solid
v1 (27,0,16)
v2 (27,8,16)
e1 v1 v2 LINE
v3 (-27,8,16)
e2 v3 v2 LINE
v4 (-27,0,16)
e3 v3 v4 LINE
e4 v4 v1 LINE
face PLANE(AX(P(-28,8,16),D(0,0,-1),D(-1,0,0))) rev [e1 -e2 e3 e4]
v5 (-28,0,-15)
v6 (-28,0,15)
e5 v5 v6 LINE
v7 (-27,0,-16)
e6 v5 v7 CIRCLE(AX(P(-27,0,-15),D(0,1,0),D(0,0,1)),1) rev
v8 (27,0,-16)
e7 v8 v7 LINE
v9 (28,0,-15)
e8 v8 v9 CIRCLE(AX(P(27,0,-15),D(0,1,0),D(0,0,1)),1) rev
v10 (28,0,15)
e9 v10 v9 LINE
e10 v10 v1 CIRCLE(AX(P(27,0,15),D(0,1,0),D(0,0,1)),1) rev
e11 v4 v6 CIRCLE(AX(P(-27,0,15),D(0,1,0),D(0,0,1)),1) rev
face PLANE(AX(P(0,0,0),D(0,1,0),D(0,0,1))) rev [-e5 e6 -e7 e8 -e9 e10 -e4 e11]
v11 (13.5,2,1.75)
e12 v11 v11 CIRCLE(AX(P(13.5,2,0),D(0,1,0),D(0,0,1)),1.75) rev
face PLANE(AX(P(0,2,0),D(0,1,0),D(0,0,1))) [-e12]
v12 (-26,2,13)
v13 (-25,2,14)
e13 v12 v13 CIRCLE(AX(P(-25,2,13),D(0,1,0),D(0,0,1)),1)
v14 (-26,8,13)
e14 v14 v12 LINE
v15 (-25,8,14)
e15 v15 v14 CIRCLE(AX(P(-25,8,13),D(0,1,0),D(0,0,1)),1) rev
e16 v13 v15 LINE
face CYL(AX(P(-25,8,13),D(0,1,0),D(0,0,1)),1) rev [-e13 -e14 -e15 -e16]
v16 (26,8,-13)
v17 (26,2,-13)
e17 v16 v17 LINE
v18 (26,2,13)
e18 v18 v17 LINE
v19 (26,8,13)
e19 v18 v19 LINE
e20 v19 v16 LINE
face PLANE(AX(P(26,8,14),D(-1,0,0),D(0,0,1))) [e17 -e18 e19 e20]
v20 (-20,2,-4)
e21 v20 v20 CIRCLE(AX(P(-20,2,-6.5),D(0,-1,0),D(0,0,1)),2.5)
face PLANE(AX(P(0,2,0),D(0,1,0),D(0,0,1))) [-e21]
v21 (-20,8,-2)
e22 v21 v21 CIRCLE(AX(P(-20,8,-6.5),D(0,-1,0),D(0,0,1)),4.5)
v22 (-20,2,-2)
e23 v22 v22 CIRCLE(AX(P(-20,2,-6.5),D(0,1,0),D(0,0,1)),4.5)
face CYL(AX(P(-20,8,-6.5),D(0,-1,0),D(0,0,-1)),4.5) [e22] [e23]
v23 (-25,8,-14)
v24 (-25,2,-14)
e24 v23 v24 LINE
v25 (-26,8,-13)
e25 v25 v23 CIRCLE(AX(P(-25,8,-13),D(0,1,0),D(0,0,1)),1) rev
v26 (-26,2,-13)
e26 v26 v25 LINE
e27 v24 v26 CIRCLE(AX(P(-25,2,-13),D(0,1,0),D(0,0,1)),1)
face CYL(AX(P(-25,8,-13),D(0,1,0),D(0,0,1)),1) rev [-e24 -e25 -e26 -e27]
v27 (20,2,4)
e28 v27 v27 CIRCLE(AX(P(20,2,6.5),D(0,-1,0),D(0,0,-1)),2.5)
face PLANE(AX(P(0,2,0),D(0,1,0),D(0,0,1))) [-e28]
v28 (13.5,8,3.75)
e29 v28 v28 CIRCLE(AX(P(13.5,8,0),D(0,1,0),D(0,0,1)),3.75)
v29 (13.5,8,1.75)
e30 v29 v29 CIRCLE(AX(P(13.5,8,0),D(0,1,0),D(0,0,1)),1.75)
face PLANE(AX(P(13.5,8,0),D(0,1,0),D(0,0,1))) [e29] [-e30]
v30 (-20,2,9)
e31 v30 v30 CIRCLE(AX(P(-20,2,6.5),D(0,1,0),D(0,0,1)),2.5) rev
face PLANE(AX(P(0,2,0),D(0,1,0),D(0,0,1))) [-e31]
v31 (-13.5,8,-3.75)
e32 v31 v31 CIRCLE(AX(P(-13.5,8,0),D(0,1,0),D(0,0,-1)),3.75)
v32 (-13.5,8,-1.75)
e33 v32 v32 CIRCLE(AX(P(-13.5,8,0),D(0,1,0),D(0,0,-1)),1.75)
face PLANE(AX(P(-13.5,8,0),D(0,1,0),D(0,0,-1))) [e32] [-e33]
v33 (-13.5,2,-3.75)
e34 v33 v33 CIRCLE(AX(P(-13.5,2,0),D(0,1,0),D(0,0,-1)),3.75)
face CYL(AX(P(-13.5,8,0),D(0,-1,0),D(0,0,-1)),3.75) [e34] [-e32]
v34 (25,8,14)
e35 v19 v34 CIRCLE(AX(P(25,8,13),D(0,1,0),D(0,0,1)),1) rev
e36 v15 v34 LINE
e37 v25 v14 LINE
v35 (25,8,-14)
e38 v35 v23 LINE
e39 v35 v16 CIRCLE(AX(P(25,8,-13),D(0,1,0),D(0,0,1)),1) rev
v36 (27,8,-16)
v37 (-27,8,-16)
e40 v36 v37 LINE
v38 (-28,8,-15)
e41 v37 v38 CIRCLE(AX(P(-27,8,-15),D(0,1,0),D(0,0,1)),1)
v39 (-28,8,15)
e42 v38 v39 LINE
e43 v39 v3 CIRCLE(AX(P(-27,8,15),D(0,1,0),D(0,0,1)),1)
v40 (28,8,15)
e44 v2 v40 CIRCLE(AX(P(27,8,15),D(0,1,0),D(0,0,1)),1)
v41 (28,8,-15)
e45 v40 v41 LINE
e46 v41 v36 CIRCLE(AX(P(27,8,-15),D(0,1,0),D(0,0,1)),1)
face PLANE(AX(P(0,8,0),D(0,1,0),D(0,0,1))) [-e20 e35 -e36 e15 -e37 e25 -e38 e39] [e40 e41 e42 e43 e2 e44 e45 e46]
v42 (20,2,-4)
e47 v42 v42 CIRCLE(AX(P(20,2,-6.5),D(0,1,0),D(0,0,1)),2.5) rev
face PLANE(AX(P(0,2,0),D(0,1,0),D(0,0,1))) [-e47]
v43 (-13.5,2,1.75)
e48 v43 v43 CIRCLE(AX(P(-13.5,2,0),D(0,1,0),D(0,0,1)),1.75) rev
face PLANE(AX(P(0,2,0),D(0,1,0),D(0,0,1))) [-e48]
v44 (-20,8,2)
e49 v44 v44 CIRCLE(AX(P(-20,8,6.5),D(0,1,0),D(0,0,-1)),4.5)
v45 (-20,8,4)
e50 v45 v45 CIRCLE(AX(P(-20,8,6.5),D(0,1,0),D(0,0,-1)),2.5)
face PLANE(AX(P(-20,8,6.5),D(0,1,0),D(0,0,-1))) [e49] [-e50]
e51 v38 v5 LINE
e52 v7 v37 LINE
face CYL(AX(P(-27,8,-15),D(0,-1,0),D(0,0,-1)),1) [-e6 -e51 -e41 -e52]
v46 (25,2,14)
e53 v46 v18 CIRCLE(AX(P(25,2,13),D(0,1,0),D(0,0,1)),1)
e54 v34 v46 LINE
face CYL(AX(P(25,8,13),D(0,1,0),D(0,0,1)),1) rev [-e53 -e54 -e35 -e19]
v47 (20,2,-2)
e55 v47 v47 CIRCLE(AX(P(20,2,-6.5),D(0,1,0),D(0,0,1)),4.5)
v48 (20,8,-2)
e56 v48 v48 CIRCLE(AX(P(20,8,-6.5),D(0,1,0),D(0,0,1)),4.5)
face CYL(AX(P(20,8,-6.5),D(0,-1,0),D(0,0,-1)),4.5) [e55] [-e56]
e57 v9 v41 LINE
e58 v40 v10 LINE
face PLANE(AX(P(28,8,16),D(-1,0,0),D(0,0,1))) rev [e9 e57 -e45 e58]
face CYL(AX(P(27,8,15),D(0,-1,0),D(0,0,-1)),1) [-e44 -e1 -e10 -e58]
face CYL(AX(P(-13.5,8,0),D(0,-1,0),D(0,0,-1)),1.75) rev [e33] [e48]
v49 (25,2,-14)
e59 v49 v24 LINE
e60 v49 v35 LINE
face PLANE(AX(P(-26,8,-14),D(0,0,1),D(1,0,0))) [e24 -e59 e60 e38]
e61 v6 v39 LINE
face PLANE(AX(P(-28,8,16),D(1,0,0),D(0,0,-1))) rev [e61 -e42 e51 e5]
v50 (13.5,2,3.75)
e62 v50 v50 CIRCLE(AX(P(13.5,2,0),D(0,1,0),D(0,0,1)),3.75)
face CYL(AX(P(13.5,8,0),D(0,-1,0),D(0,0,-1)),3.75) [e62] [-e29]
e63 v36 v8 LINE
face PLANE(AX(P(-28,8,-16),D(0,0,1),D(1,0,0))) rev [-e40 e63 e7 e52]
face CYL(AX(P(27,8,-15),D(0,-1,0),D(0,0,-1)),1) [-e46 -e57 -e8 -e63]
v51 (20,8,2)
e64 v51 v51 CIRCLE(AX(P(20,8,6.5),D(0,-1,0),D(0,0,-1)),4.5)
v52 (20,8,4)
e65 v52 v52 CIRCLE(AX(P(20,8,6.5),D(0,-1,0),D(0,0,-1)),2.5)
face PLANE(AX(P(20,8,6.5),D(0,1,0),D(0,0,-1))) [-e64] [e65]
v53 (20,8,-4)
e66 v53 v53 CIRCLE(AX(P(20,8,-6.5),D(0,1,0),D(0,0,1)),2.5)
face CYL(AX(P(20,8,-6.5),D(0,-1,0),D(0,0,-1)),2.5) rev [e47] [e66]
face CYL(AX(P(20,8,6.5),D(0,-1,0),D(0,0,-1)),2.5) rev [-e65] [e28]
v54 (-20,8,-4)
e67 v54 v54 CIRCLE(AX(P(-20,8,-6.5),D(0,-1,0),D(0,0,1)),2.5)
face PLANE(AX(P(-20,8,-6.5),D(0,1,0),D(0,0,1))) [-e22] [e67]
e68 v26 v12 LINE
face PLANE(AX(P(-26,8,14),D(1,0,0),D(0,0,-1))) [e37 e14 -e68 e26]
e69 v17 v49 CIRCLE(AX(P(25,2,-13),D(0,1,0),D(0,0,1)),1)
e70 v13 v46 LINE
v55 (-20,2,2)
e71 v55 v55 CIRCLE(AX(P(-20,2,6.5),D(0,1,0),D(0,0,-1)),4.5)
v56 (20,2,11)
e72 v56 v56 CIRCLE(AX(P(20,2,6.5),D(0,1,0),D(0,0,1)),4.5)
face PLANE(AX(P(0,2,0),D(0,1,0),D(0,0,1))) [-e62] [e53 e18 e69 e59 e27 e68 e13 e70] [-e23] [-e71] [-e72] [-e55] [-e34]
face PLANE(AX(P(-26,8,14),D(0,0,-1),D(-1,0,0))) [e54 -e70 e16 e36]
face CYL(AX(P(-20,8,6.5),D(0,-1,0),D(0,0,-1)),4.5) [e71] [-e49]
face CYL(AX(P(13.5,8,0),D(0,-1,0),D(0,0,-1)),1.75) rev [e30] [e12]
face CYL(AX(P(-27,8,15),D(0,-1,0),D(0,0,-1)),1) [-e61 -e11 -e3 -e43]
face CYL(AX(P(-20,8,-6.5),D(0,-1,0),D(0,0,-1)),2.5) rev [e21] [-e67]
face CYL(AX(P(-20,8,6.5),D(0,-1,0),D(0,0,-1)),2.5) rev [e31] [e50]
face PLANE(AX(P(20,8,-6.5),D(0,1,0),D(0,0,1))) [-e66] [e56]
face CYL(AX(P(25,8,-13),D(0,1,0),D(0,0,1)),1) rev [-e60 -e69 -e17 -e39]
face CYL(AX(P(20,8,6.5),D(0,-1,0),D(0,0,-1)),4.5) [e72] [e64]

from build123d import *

# Parameters (mm, degrees)
SKETCH1_W                 = 56
SKETCH1_H                 = 32
SKETCH1_W_2               = 52
SKETCH1_H_2               = 28
BOSS_EXTRUDE1_DEPTH       = 8
SKETCH2_W                 = 56
SKETCH2_H                 = 32
BOSS_EXTRUDE2_DEPTH       = 2
SKETCH3_R                 = 3.75
SKETCH3_R_2               = 1.75
SKETCH3_R_3               = 4.5
SKETCH3_R_4               = 2.5
BOSS_EXTRUDE3_DEPTH       = 6
MIRROR2_COPY_1_SKETCH_R   = 3.75
MIRROR2_COPY_1_SKETCH_R_2 = 1.75
MIRROR2_COPY_1_SKETCH_R_3 = 4.5
MIRROR2_COPY_1_SKETCH_R_4 = 2.5
MIRROR2_COPY_1_DEPTH      = 6
FILLET1_R                 = 1


with BuildPart() as part:
    # Sketch1 → Boss-Extrude1 (new body)
    with BuildSketch(Plane(origin=(0, 0, 0), x_dir=(1, 0, 0), z_dir=(0, 1, 0))):
        Rectangle(SKETCH1_W, SKETCH1_H)
        Rectangle(SKETCH1_W_2, SKETCH1_H_2, mode=Mode.SUBTRACT)
    extrude(amount=BOSS_EXTRUDE1_DEPTH)

    # Sketch2 → Boss-Extrude2 (add)
    with BuildSketch(Plane(origin=(0, 0, 0), x_dir=(1, 0, 0), z_dir=(0, 1, 0))):
        Rectangle(SKETCH2_W, SKETCH2_H)
    extrude(amount=BOSS_EXTRUDE2_DEPTH)

    # Sketch3 → Boss-Extrude3 (add)
    # profile 1 of 2: a face of its own
    with BuildSketch(Plane(origin=(0, 2, 0), x_dir=(1, 0, 0), z_dir=(0, 1, 0))):
        with Locations(Location((13.5, 0, 0), (0, 0, 270))):
            Circle(SKETCH3_R)
        with Locations(Location((13.5, 0, 0), (0, 0, 270))):
            Circle(SKETCH3_R_2, mode=Mode.SUBTRACT)
    # profile 2 of 2: a face of its own
    with BuildSketch(Plane(origin=(0, 2, 0), x_dir=(1, 0, 0), z_dir=(0, 1, 0))):
        with Locations(Location((20, 6.5, 0), (0, 0, 270))):
            Circle(SKETCH3_R_3)
        with Locations(Location((20, 6.5, 0), (0, 0, 270))):
            Circle(SKETCH3_R_4, mode=Mode.SUBTRACT)
    boss_extrude3 = extrude(amount=BOSS_EXTRUDE3_DEPTH)

    # Mirror1: Boss-Extrude3 across plane
    add(boss_extrude3.mirror(Plane.XY))

    # Mirror2: Boss-Extrude3 across plane
    add(boss_extrude3.mirror(Plane(origin=(0, 0, 0), x_dir=(0, 0, 1), z_dir=(1, 0, 0))))

    # Mirror2 copy 1 sketch → Mirror2 copy 1 (add)
    # profile 1 of 2: a face of its own
    with BuildSketch(Plane(origin=(0, 2, 0), x_dir=(-1, 0, 0), z_dir=(0, 1, 0))):
        with Locations(Location((13.5, 0, 0), (0, 0, 270))):
            Circle(MIRROR2_COPY_1_SKETCH_R)
        with Locations(Location((13.5, 0, 0), (0, 0, 270))):
            Circle(MIRROR2_COPY_1_SKETCH_R_2, mode=Mode.SUBTRACT)
    # profile 2 of 2: a face of its own
    with BuildSketch(Plane(origin=(0, 2, 0), x_dir=(-1, 0, 0), z_dir=(0, 1, 0))):
        with Locations(Location((20, 6.5, 0), (0, 0, 270))):
            Circle(MIRROR2_COPY_1_SKETCH_R_3)
        with Locations(Location((20, 6.5, 0), (0, 0, 270))):
            Circle(MIRROR2_COPY_1_SKETCH_R_4, mode=Mode.SUBTRACT)
    extrude(amount=MIRROR2_COPY_1_DEPTH)

    # Fillet1
    fillet1_edges = [part.edges().sort_by_distance(p)[0] for p in [
        (26, 5, 14),
        (26, 5, -14),
        (-26, 5, -14),
        (-26, 5, 14),
        (-28, 4, 16),
        (-28, 4, -16),
        (28, 4, -16),
        (28, 4, 16),
    ]]
    fillet(fillet1_edges, radius=FILLET1_R)


solid = part.part
